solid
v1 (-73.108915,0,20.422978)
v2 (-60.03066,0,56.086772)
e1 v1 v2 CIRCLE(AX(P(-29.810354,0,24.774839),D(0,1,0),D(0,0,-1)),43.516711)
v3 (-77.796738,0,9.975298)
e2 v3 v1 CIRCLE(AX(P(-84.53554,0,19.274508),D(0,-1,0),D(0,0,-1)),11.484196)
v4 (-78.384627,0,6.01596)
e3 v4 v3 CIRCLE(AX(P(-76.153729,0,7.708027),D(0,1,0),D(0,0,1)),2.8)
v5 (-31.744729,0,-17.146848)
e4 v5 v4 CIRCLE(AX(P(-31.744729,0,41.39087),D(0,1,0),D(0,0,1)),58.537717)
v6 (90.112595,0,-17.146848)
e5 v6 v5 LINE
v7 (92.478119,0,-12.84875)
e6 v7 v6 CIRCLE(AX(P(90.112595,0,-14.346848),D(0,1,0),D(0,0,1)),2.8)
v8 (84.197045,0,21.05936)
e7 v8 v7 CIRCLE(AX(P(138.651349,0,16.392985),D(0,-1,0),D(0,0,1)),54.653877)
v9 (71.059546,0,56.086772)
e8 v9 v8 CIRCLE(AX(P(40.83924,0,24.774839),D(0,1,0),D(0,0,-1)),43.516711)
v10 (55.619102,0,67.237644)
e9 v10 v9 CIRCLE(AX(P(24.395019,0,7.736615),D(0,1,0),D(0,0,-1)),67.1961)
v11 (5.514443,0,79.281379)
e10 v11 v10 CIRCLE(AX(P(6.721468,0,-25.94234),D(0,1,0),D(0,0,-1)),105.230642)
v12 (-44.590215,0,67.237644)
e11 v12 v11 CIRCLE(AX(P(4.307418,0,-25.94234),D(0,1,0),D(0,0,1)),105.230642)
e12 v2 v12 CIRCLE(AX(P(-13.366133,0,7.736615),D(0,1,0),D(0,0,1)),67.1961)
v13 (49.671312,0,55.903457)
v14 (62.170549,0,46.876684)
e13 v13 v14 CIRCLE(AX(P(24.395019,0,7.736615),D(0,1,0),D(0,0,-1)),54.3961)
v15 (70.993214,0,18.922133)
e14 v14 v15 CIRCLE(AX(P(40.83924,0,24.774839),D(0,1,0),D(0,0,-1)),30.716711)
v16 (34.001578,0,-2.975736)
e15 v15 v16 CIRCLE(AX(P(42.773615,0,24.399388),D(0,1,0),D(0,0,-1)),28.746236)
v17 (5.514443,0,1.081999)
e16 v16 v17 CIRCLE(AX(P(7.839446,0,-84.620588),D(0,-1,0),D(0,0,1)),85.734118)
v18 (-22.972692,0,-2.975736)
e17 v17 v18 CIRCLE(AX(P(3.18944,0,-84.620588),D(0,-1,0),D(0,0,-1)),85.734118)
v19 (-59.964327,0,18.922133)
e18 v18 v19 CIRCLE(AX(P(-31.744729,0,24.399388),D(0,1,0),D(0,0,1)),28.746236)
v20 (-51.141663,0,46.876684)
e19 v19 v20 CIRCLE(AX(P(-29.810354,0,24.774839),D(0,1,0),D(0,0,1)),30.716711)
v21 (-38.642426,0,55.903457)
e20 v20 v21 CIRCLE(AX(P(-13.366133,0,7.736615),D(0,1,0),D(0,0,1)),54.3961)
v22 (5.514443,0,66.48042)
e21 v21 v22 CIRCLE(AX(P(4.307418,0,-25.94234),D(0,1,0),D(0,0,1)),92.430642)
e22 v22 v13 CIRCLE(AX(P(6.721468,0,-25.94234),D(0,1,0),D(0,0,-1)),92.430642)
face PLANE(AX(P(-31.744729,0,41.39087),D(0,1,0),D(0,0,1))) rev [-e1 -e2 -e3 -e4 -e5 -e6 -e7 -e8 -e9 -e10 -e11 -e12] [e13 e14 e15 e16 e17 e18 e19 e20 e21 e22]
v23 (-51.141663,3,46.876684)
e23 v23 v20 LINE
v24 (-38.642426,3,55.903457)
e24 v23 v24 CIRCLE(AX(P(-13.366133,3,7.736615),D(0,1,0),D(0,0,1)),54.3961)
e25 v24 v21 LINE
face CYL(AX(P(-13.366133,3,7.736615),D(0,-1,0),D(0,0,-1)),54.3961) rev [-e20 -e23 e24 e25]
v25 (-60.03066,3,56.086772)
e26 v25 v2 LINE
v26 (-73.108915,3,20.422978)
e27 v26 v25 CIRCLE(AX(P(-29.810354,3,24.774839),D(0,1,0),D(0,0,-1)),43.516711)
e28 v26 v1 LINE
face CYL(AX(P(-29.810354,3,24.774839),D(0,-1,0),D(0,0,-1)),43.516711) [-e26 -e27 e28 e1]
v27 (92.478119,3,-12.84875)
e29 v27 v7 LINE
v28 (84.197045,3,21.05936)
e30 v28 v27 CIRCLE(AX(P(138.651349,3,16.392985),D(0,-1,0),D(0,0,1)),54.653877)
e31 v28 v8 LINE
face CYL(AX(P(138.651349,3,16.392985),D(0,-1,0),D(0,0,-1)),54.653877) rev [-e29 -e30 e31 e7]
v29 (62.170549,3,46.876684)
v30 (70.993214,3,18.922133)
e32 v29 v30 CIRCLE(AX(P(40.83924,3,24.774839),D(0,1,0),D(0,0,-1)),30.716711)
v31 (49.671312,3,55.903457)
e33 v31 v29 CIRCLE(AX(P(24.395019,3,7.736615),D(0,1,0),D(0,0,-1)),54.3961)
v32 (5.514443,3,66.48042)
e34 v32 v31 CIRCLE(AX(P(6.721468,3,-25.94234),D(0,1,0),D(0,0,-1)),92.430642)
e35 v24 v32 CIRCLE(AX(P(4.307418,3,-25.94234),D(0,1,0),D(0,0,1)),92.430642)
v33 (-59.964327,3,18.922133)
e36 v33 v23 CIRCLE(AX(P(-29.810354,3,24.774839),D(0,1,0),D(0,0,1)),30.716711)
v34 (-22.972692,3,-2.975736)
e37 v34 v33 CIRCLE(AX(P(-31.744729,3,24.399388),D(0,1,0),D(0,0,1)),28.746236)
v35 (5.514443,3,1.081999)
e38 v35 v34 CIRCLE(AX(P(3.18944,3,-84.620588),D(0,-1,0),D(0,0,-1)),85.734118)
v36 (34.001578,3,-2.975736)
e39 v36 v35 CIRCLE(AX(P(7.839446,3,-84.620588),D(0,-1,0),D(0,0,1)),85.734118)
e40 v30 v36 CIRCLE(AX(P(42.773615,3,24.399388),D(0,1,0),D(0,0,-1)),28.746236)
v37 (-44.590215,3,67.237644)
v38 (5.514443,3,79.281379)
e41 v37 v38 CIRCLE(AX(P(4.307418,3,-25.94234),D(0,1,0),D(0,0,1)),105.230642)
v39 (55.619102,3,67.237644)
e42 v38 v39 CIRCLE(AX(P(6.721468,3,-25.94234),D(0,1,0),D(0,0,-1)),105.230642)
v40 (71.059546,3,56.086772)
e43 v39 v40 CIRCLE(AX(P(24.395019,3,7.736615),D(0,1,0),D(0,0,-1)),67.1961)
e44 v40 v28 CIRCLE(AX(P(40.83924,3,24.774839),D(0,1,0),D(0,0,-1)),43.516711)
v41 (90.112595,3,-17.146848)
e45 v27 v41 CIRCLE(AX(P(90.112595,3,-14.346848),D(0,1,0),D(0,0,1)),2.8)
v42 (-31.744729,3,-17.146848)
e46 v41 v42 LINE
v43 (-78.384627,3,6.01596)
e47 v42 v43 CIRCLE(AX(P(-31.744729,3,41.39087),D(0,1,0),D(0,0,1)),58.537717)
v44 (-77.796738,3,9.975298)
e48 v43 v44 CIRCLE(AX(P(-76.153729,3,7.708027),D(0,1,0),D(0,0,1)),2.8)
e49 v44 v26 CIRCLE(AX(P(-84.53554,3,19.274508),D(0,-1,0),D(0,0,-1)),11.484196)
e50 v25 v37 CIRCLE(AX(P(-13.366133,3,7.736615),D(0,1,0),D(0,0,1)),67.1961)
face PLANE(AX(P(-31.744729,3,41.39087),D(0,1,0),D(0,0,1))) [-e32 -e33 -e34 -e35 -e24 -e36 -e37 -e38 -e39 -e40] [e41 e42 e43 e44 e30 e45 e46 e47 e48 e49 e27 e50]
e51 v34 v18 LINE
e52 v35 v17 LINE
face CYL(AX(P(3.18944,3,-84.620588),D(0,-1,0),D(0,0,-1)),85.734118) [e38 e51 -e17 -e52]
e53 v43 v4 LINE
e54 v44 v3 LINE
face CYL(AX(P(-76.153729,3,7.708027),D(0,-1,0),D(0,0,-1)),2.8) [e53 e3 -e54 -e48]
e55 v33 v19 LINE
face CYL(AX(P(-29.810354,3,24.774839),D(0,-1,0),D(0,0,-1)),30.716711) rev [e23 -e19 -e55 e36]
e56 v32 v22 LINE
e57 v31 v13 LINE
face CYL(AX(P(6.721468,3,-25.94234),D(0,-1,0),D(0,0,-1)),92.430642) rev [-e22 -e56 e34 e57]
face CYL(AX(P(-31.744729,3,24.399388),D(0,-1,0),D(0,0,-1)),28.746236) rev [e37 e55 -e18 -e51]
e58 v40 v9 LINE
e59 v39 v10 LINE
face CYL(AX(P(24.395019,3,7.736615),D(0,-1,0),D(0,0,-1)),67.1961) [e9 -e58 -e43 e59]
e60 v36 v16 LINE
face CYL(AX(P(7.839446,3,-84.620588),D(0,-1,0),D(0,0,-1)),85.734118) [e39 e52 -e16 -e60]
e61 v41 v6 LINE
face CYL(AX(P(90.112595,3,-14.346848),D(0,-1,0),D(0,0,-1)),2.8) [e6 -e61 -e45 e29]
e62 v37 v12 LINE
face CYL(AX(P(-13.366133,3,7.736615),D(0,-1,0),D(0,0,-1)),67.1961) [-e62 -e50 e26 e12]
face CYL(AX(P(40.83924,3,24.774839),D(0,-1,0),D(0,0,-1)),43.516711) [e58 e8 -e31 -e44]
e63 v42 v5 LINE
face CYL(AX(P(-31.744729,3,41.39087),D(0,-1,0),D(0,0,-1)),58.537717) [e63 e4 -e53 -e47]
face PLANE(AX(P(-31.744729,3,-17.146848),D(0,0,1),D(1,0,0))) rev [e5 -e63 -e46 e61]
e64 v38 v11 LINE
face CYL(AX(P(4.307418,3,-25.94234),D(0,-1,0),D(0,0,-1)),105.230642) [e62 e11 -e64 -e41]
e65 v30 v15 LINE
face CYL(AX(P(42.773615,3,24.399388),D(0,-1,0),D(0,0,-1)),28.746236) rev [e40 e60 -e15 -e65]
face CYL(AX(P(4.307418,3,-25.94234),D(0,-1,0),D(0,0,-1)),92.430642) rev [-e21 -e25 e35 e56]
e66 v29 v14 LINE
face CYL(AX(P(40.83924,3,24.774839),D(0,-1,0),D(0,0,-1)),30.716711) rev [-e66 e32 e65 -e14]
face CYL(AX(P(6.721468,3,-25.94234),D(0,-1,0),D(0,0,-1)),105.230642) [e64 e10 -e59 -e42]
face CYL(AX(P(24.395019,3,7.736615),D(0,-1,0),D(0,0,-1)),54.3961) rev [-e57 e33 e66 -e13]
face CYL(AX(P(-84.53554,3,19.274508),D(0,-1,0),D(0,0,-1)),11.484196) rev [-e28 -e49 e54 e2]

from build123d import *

# Parameters (mm, degrees)
BOSS_EXTRUDE1_DEPTH = 3


with BuildPart() as part:
    # Sketch1 → Boss-Extrude1 (new body)
    with BuildSketch(Plane(origin=(0, 0, 0), x_dir=(1, 0, 0), z_dir=(0, 1, 0))):
        with BuildLine():
            Line((-31.744728966, 17.146847669), (90.112594835, 17.146847669))
            ThreePointArc((90.112594835, 17.146847669), (92.565620931, 15.696908028), (92.478118614, 12.848749793))
            ThreePointArc((92.478118614, 12.848749793), (85.55789243, -3.426446533), (84.197045341, -21.059360105))
            ThreePointArc((84.197045341, -21.059360105), (81.584356476, -40.056839396), (71.059546267, -56.086771791))
            ThreePointArc((71.059546267, -56.086771791), (63.736401413, -62.212035121), (55.619101507, -67.237643905))
            ThreePointArc((55.619101507, -67.237643905), (31.315398674, -76.373966348), (5.514443068, -79.281379121))
            ThreePointArc((5.514443068, -79.281379121), (-20.286512537, -76.373966348), (-44.59021537, -67.237643905))
            ThreePointArc((-44.59021537, -67.237643905), (-52.707515276, -62.212035121), (-60.03066013, -56.086771791))
            ThreePointArc((-60.03066013, -56.086771791), (-70.666595812, -39.757213537), (-73.108914698, -20.422977605))
            ThreePointArc((-73.108914698, -20.422977605), (-74.05774513, -14.573171652), (-77.796738294, -9.975298341))
            ThreePointArc((-77.796738294, -9.975298341), (-78.92336426, -8.119267018), (-78.384627262, -6.015959912))
            ThreePointArc((-78.384627262, -6.015959912), (-57.78218164, 11.037323217), (-31.744728966, 17.146847669))
        make_face()
        with BuildLine():
            ThreePointArc((5.514443068, -1.081998552), (19.929462064, -0.256796987), (34.001578397, 2.975736417))
            ThreePointArc((34.001578397, 2.975736417), (57.41708067, 0.337527336), (70.993213533, -18.922132846))
            ThreePointArc((70.993213533, -18.922132846), (70.131692962, -34.019755233), (62.170548913, -46.876683515))
            ThreePointArc((62.170548913, -46.876683515), (56.242369759, -51.835162299), (49.671311961, -55.903456704))
            ThreePointArc((49.671311961, -55.903456704), (28.252463685, -63.945588922), (5.514443068, -66.480420375))
            ThreePointArc((5.514443068, -66.480420375), (-17.223577548, -63.945588922), (-38.642425824, -55.903456704))
            ThreePointArc((-38.642425824, -55.903456704), (-45.213483622, -51.835162299), (-51.141662776, -46.876683515))
            ThreePointArc((-51.141662776, -46.876683515), (-59.102806825, -34.019755233), (-59.964327396, -18.922132846))
            ThreePointArc((-59.964327396, -18.922132846), (-46.388194533, 0.337527336), (-22.97269226, 2.975736417))
            ThreePointArc((-22.97269226, 2.975736417), (-8.900575928, -0.256796987), (5.514443068, -1.081998552))
        make_face(mode=Mode.SUBTRACT)
    extrude(amount=BOSS_EXTRUDE1_DEPTH)


solid = part.part
